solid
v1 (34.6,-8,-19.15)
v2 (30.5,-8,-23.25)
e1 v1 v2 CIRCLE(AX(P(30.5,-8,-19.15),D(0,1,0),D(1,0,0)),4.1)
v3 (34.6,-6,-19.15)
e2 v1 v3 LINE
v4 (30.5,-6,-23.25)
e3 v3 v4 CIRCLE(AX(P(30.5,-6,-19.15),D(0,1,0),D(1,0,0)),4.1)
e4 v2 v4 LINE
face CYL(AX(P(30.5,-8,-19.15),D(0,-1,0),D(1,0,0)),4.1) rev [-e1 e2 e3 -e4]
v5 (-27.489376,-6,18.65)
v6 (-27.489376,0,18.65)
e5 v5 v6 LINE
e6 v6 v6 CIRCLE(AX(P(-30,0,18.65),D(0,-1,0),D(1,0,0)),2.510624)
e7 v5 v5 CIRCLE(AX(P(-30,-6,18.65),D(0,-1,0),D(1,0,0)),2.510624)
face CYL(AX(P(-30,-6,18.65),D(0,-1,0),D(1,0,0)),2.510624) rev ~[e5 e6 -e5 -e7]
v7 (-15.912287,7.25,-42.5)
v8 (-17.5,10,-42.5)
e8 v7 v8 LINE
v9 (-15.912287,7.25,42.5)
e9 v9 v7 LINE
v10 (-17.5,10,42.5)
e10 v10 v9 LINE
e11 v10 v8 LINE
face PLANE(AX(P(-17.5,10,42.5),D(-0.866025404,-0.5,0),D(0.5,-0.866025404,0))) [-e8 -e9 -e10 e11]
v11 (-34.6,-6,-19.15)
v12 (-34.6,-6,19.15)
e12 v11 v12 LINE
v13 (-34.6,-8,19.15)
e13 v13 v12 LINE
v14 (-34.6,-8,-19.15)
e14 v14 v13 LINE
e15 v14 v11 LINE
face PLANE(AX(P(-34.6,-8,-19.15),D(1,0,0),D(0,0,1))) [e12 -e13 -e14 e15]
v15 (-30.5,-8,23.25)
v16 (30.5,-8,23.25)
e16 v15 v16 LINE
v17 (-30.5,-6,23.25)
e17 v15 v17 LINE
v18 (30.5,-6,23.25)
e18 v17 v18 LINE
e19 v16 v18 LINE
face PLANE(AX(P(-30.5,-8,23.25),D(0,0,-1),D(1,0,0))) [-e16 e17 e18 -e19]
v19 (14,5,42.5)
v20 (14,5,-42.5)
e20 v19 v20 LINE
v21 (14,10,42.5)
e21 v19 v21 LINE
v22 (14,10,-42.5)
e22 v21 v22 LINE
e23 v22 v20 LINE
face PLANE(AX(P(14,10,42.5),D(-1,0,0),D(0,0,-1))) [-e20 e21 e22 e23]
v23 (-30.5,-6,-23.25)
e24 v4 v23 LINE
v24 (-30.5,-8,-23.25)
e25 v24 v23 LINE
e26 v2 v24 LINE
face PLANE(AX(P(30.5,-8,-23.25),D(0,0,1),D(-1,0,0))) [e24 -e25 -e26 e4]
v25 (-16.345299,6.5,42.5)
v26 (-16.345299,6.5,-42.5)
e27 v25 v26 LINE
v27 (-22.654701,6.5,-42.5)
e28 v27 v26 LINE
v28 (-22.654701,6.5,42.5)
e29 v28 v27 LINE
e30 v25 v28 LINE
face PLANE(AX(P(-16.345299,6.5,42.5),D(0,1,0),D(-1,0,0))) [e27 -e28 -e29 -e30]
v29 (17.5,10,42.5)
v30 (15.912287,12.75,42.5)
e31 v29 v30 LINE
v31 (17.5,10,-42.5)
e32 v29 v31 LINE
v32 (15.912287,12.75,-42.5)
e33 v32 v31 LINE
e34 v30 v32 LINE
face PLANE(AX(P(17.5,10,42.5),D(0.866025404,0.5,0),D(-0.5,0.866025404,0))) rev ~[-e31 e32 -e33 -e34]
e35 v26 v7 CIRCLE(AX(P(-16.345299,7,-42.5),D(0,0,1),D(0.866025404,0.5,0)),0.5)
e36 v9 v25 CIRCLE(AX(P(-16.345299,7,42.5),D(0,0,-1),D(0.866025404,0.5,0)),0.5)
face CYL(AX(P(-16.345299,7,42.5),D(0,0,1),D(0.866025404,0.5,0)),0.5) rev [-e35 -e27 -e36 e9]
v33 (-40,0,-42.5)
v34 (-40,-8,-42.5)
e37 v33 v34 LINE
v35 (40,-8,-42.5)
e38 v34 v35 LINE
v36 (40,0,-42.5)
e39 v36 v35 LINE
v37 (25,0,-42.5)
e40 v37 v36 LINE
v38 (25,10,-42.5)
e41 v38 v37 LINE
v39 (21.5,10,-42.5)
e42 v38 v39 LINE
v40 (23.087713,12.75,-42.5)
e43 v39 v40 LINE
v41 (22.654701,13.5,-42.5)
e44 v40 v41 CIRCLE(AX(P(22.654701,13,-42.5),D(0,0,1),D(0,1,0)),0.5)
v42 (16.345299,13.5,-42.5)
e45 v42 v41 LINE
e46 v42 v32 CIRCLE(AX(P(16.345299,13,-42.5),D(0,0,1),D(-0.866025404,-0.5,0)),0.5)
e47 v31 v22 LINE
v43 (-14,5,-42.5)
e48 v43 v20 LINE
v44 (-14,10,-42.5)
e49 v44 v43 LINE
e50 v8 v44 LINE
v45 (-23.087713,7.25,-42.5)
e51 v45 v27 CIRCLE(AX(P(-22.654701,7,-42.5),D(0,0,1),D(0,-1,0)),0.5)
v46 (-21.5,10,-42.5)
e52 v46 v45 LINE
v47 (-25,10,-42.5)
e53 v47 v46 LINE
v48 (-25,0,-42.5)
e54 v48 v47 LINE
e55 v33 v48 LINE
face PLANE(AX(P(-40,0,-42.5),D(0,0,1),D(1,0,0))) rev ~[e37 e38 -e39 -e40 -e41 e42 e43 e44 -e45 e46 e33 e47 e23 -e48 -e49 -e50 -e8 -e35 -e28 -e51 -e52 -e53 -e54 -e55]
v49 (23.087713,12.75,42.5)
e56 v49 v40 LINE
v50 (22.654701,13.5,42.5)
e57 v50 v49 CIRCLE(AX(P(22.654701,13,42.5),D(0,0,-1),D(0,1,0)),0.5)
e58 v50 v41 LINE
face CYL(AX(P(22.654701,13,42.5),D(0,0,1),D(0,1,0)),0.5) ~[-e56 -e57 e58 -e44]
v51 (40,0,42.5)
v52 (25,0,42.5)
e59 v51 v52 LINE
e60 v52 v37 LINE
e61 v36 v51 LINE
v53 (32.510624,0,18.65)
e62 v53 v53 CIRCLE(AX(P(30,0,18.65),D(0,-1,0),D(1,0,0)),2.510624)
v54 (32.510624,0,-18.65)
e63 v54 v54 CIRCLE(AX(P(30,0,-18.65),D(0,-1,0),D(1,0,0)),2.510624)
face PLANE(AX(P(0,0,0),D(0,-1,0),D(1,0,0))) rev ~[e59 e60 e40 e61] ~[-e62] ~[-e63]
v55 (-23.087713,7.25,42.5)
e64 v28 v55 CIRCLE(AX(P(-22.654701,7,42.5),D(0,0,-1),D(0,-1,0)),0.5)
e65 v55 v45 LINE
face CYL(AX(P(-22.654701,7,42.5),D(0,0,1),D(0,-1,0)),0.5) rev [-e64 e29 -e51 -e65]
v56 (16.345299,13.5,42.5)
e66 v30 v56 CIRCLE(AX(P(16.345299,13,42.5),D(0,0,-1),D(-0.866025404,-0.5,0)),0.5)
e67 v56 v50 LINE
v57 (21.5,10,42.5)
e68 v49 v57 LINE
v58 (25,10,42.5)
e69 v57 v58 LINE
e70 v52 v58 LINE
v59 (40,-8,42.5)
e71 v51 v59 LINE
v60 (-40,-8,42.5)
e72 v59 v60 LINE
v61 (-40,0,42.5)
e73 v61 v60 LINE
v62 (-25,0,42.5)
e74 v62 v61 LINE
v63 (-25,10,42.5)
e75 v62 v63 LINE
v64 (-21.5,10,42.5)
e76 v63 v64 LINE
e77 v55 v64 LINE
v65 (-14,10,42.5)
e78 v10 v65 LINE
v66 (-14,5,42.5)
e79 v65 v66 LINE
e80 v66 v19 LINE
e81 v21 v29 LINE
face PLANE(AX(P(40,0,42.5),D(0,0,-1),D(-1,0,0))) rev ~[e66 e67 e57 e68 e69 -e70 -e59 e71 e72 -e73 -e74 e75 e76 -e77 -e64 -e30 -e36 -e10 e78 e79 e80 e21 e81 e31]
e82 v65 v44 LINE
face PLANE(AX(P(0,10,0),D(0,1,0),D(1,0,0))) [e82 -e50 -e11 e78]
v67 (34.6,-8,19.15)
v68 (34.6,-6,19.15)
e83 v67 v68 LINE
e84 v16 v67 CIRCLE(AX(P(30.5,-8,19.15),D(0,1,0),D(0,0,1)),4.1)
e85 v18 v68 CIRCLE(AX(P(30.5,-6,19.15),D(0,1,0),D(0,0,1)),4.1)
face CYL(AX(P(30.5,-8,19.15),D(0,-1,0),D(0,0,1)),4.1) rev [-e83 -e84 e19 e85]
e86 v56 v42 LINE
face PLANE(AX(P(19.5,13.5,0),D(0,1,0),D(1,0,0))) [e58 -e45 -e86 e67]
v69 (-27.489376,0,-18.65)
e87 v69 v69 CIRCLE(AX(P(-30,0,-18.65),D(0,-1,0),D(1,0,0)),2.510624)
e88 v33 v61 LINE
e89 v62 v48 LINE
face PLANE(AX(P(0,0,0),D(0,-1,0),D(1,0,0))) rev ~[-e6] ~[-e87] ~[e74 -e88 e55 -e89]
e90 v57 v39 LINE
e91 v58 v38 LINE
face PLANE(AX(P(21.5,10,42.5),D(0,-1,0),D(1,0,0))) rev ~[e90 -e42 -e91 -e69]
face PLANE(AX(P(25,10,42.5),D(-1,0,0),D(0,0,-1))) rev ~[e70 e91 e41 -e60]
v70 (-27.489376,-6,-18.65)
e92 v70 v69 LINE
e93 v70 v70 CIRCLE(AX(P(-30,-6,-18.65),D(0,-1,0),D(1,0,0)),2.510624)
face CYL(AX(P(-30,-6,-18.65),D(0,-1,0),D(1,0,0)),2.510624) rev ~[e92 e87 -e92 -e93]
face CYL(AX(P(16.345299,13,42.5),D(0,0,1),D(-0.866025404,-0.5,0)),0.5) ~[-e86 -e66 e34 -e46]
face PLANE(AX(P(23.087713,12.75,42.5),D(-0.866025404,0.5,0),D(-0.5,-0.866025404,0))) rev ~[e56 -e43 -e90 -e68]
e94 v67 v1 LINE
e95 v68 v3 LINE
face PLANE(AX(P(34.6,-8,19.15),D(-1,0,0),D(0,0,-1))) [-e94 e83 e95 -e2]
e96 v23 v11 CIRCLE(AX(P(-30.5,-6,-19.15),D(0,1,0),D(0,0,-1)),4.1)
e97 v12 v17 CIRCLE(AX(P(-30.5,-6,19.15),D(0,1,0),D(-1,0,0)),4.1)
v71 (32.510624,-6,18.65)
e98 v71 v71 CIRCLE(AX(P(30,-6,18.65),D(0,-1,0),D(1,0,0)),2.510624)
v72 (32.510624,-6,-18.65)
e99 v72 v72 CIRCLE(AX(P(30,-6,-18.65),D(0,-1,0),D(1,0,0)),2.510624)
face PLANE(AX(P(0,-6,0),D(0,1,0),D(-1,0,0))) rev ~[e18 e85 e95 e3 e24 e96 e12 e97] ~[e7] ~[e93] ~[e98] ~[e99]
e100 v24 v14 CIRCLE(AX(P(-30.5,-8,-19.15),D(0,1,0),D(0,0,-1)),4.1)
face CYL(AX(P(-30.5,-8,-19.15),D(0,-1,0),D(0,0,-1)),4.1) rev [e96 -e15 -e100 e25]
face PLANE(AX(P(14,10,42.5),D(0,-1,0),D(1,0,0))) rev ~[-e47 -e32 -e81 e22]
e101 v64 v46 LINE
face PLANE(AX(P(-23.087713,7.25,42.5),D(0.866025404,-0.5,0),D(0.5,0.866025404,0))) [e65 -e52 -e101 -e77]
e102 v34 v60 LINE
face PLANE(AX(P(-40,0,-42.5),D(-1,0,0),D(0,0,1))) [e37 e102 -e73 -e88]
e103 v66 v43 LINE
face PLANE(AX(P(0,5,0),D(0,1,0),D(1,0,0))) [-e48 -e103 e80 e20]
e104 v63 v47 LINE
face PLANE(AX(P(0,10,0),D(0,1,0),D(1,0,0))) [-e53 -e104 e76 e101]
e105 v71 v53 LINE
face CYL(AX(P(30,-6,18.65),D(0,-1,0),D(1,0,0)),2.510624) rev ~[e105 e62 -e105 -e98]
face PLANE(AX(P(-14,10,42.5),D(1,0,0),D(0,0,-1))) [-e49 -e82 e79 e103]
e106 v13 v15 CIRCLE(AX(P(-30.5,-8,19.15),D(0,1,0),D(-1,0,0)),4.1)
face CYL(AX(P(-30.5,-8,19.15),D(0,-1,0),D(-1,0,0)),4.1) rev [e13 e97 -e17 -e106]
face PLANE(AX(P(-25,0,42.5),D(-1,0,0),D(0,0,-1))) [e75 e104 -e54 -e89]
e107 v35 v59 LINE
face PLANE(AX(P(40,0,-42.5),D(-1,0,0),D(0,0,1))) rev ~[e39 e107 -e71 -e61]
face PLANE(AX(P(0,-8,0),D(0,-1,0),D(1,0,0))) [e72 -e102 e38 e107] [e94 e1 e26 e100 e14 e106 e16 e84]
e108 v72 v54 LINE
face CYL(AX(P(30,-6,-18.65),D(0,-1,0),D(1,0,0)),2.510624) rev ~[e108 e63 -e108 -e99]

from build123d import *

# Parameters (mm, degrees)
SKETCH7_W           = 50
SKETCH7_H           = 85
BOSS_EXTRUDE5_DEPTH = 10
SKETCH8_W           = 28
SKETCH8_H           = 85
CUT_EXTRUDE1_DEPTH  = 5
SKETCH11_W          = 11
SKETCH11_H          = 85
BOSS_EXTRUDE6_DEPTH = 3.5
CUT_EXTRUDE5_DEPTH  = 86
CUT_EXTRUDE6_DEPTH  = 86
SKETCH14_W          = 50
SKETCH14_H          = 85
SKETCH14_W_2        = 15
BOSS_EXTRUDE7_DEPTH = 8
CUT_EXTRUDE11_DEPTH = 2
SKETCH19_R          = 2.510624494
CUT_EXTRUDE12_DEPTH = 20.5


with BuildPart() as part:
    # Sketch7 → Boss-Extrude5 (new body)
    with BuildSketch(Plane(origin=(0, 0, 0), x_dir=(1, 0, 0), z_dir=(0, 1, 0))):
        Rectangle(SKETCH7_W, SKETCH7_H)
    extrude(amount=BOSS_EXTRUDE5_DEPTH)

    # Sketch8 → Cut-Extrude1 (cut)
    with BuildSketch(Plane(origin=(0, 10, 0), x_dir=(1, 0, 0), z_dir=(0, 1, 0))):
        Rectangle(SKETCH8_W, SKETCH8_H)
    extrude(amount=-CUT_EXTRUDE1_DEPTH, mode=Mode.SUBTRACT)

    # Sketch11 → Boss-Extrude6 (add)
    with BuildSketch(Plane(origin=(0, 10, 0), x_dir=(1, 0, 0), z_dir=(0, 1, 0))):
        with Locations((19.5, 0)):
            Rectangle(SKETCH11_W, SKETCH11_H)
    extrude(amount=BOSS_EXTRUDE6_DEPTH)

    # Sketch12 → Cut-Extrude5 (cut, through all)
    with BuildSketch(Plane.XY.offset(42.5)):
        with BuildLine():
            Line((-21.5, 10), (-17.5, 10))
            Line((-17.5, 10), (-15.91228676, 7.25))
            ThreePointArc((-15.91228676, 7.25), (-15.91228676, 6.75), (-16.345299462, 6.5))
            Line((-16.345299462, 6.5), (-22.654700538, 6.5))
            ThreePointArc((-22.654700538, 6.5), (-23.08771324, 6.75), (-23.08771324, 7.25))
            Line((-23.08771324, 7.25), (-21.5, 10))
        make_face()
    extrude(amount=-CUT_EXTRUDE5_DEPTH, mode=Mode.SUBTRACT)

    # Sketch13 → Cut-Extrude6 (cut, through all)
    with BuildSketch(Plane.XY.offset(42.5)):
        with BuildLine():
            Line((21.5, 10), (25, 10))
            Line((25, 10), (25, 13.5))
            Line((25, 13.5), (22.654700538, 13.5))
            ThreePointArc((22.654700538, 13.5), (23.08771324, 13.25), (23.08771324, 12.75))
            Line((23.08771324, 12.75), (21.5, 10))
        make_face()
        with BuildLine():
            Line((14, 10), (17.5, 10))
            Line((17.5, 10), (15.91228676, 12.75))
            ThreePointArc((15.91228676, 12.75), (15.91228676, 13.25), (16.345299462, 13.5))
            Line((16.345299462, 13.5), (14, 13.5))
            Line((14, 13.5), (14, 10))
        make_face()
    extrude(amount=-CUT_EXTRUDE6_DEPTH, mode=Mode.SUBTRACT)

    # Sketch14 → Boss-Extrude7 (add)
    with BuildSketch(Plane.XZ):
        Rectangle(SKETCH14_W, SKETCH14_H)
        with Locations((32.5, 0)):
            Rectangle(SKETCH14_W_2, SKETCH14_H)
        with Locations((-32.5, 0)):
            Rectangle(SKETCH14_W_2, SKETCH14_H)
    extrude(amount=BOSS_EXTRUDE7_DEPTH)

    # Sketch18 → Cut-Extrude11 (cut)
    with BuildSketch(Plane.XZ.offset(8)):
        with BuildLine():
            Line((30.5, -23.25), (-30.5, -23.25))
            ThreePointArc((-30.5, -23.25), (-33.399137803, -22.049137803), (-34.6, -19.15))
            Line((-34.6, -19.15), (-34.6, 19.15))
            ThreePointArc((-34.6, 19.15), (-33.399137803, 22.049137803), (-30.5, 23.25))
            Line((-30.5, 23.25), (30.5, 23.25))
            ThreePointArc((30.5, 23.25), (33.399137803, 22.049137803), (34.6, 19.15))
            Line((34.6, 19.15), (34.6, -19.15))
            ThreePointArc((34.6, -19.15), (33.399137803, -22.049137803), (30.5, -23.25))
        make_face()
    extrude(amount=-CUT_EXTRUDE11_DEPTH, mode=Mode.SUBTRACT)

    # Sketch19 → Cut-Extrude12 (cut, through all)
    with BuildSketch(Plane.XZ.offset(6)):
        with Locations((-30, 18.65)):
            Circle(SKETCH19_R)
        with Locations((-30, -18.65)):
            Circle(SKETCH19_R)
        with Locations((30, -18.65)):
            Circle(SKETCH19_R)
        with Locations((30, 18.65)):
            Circle(SKETCH19_R)
    extrude(amount=-CUT_EXTRUDE12_DEPTH, mode=Mode.SUBTRACT)


solid = part.part
